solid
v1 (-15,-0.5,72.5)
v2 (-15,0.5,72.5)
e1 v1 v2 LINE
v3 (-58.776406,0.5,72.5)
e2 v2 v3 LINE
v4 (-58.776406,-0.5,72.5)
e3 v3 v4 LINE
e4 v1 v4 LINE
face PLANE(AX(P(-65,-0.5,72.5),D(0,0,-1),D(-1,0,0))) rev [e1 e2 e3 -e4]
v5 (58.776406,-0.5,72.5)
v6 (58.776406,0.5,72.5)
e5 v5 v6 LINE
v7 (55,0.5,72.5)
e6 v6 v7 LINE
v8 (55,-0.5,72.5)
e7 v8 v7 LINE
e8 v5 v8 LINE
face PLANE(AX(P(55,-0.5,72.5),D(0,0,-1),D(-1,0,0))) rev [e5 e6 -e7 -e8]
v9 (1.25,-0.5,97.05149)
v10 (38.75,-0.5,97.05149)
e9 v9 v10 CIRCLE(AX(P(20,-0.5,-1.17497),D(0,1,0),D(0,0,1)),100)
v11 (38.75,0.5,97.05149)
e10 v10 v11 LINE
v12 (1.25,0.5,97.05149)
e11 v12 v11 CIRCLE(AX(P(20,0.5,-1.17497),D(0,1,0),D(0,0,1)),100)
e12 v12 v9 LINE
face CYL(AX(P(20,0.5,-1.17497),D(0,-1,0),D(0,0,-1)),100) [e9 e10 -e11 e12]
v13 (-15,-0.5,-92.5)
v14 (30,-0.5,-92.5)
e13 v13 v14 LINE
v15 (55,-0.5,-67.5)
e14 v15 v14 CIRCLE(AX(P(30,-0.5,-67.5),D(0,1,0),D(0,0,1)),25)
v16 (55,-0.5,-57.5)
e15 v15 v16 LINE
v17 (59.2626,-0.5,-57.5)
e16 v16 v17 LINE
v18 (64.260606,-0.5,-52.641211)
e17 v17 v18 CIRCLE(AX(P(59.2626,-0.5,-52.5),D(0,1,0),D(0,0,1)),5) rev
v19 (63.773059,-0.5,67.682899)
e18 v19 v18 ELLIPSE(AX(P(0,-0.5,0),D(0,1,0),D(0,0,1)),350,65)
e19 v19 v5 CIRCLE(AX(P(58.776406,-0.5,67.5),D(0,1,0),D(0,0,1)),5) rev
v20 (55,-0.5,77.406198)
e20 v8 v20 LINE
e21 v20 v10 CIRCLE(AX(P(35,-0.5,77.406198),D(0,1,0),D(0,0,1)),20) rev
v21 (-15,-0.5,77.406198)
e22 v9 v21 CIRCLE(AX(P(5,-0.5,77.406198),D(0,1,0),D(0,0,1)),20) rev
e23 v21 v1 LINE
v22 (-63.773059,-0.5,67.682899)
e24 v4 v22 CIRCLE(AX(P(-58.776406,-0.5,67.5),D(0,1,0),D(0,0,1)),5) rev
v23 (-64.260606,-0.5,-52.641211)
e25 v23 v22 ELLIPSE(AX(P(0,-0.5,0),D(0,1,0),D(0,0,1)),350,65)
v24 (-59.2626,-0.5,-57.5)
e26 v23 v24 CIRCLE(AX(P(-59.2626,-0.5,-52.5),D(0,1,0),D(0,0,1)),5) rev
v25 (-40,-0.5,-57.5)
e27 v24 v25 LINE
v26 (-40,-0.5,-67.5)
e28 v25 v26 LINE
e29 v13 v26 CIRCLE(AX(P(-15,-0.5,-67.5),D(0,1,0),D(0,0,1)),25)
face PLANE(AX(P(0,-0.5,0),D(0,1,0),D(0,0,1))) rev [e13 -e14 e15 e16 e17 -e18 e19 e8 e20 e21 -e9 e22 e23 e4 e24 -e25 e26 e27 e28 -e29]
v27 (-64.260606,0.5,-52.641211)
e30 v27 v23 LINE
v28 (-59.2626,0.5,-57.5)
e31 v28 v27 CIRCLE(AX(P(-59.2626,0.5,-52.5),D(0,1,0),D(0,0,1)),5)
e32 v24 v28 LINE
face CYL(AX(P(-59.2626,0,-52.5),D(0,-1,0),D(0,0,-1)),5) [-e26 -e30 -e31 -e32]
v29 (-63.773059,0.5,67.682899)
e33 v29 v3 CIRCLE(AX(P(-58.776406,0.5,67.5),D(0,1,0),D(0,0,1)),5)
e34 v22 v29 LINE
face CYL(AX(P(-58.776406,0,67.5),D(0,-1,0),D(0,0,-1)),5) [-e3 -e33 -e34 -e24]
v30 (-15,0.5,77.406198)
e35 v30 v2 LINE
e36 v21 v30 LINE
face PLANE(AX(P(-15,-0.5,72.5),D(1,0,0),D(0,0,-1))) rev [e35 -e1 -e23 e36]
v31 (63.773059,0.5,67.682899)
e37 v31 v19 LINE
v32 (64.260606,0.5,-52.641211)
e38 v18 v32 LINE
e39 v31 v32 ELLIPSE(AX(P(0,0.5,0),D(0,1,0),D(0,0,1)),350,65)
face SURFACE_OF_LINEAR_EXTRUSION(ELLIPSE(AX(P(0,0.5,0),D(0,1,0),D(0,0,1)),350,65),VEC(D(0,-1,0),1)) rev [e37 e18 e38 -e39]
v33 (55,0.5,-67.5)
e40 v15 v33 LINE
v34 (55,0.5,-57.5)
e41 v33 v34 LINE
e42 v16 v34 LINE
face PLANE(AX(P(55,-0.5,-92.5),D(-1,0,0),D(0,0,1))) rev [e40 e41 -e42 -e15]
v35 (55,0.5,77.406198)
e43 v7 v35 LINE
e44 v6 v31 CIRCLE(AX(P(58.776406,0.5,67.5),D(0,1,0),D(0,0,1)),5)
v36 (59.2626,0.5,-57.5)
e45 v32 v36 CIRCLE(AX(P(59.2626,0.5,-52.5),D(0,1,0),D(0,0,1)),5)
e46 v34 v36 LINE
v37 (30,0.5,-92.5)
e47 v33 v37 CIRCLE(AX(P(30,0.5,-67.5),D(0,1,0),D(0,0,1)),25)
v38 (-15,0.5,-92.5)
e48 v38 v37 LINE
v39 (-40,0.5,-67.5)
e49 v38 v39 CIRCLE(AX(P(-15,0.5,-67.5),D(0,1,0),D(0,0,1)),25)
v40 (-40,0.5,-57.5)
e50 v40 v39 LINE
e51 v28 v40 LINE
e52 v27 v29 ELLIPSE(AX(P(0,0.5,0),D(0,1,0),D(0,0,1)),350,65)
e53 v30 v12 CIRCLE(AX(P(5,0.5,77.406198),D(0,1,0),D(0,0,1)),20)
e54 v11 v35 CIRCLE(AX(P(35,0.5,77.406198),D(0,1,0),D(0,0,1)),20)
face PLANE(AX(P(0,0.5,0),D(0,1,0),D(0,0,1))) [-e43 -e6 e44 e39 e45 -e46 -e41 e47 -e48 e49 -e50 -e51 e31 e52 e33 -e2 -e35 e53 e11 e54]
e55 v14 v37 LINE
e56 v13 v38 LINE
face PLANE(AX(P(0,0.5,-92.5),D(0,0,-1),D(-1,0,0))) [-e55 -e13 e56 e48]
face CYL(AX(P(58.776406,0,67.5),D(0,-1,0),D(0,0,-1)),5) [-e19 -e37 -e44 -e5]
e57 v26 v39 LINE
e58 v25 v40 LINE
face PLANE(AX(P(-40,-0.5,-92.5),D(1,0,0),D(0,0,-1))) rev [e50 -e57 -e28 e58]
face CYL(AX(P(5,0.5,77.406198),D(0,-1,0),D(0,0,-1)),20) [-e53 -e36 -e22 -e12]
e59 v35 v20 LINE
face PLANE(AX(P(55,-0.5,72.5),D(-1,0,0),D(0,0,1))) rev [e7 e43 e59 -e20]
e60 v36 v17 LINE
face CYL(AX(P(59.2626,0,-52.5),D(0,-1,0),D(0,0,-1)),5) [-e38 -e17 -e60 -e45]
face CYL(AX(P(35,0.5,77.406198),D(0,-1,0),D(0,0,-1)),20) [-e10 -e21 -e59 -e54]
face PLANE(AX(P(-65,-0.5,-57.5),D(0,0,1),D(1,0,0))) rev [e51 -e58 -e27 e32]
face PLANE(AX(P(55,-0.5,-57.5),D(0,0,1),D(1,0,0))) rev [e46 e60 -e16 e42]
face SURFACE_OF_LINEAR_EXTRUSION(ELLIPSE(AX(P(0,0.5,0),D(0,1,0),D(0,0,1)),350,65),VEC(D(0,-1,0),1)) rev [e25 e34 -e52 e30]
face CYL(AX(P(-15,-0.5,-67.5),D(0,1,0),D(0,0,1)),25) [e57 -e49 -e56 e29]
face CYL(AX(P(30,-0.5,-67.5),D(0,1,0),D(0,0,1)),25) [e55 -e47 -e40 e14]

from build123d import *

# Parameters (mm, degrees)
EXTRUDE_1_DEPTH     = 0.5
SKETCH_3_W          = 25
SKETCH_3_H          = 35
CUT_EXTRUDE_1_DEPTH = 114.058613257
SKETCH_4_W          = 10
SKETCH_4_H          = 35
CUT_EXTRUDE_2_DEPTH = 114.058613257
SKETCH_5_W          = 50
SKETCH_5_H          = 20
CUT_EXTRUDE_3_DEPTH = 114.058613257
SKETCH_6_W          = 10
SKETCH_6_H          = 20
CUT_EXTRUDE_4_DEPTH = 114.058613257
EXTRUDE_2_DEPTH     = 0.5
CUT_EXTRUDE_5_DEPTH = 119.289418767
FILLET_1_R          = 5
FILLET_2_R          = 20


with BuildPart() as part:
    # ｽｹｯﾁ1 → ﾎﾞｽ - 押し出し1 (new, symmetric)
    with BuildSketch(Plane(origin=(0, 0, 0), x_dir=(1, 0, 0), z_dir=(0, 1, 0))):
        with BuildLine():
            Line((62.68888804, 92.5), (-62.68888804, 92.5))
            add(Edge.make_bspline(
                [(-62.68888804, 92.5), (-67.396314277, 0), (-62.68888804, -92.5)],
                knots=[4.444925752, 4.444925752, 4.444925752, 4.979852209, 4.979852209, 4.979852209], degree=2, weights=[1, 0.964444431, 1]))
            Line((-62.68888804, -92.5), (62.68888804, -92.5))
            add(Edge.make_bspline(
                [(62.68888804, -92.5), (67.396314277, 0), (62.68888804, 92.5)],
                knots=[1.303333099, 1.303333099, 1.303333099, 1.838259555, 1.838259555, 1.838259555], degree=2, weights=[1, 0.964444431, 1]))
        make_face()
    extrude(amount=EXTRUDE_1_DEPTH, both=True)

    # ｽｹｯﾁ3 → ｶｯﾄ - 押し出し1 (cut, through all)
    with BuildSketch(Plane(origin=(0, 0.5, 0), x_dir=(1, 0, 0), z_dir=(0, 1, 0))):
        with Locations((-52.5, 75)):
            Rectangle(SKETCH_3_W, SKETCH_3_H)
    extrude(amount=-CUT_EXTRUDE_1_DEPTH, mode=Mode.SUBTRACT)

    # ｽｹｯﾁ4 → ｶｯﾄ - 押し出し2 (cut, through all)
    with BuildSketch(Plane(origin=(0, 0.5, 0), x_dir=(1, 0, 0), z_dir=(0, 1, 0))):
        with Locations((60, 75)):
            Rectangle(SKETCH_4_W, SKETCH_4_H)
    extrude(amount=-CUT_EXTRUDE_2_DEPTH, mode=Mode.SUBTRACT)

    # ｽｹｯﾁ5 → ｶｯﾄ - 押し出し3 (cut, through all)
    with BuildSketch(Plane(origin=(0, 0.5, 0), x_dir=(1, 0, 0), z_dir=(0, 1, 0))):
        with Locations((-40, -82.5)):
            Rectangle(SKETCH_5_W, SKETCH_5_H)
    extrude(amount=-CUT_EXTRUDE_3_DEPTH, mode=Mode.SUBTRACT)

    # ｽｹｯﾁ6 → ｶｯﾄ - 押し出し4 (cut, through all)
    with BuildSketch(Plane(origin=(0, 0.5, 0), x_dir=(1, 0, 0), z_dir=(0, 1, 0))):
        with Locations((60, -82.5)):
            Rectangle(SKETCH_6_W, SKETCH_6_H)
    extrude(amount=-CUT_EXTRUDE_4_DEPTH, mode=Mode.SUBTRACT)

    # ｽｹｯﾁ7 → ﾎﾞｽ - 押し出し2 (add, symmetric)
    with BuildSketch(Plane(origin=(0, 0, 0), x_dir=(1, 0, 0), z_dir=(0, 1, 0))):
        with BuildLine():
            Line((-15, -92.5), (55, -92.5))
            ThreePointArc((55, -92.5), (20, -98.825030024), (-15, -92.5))
        make_face()
    extrude(amount=EXTRUDE_2_DEPTH, both=True)

    # ｽｹｯﾁ8 → ｶｯﾄ - 押し出し5 (cut, through all)
    with BuildSketch(Plane(origin=(0, 0.5, 0), x_dir=(1, 0, 0), z_dir=(0, 1, 0))):
        with BuildLine():
            ThreePointArc((-40, 67.5), (-32.677669545, 85.177669514), (-15.000000044, 92.5))
            Line((-15.000000044, 92.5), (-40, 92.5))
            Line((-40, 92.5), (-40, 67.5))
        make_face()
        with BuildLine():
            Line((55, 67.5), (55, 92.5))
            Line((55, 92.5), (30, 92.5))
            ThreePointArc((30, 92.5), (47.67766953, 85.17766953), (55, 67.5))
        make_face()
    extrude(amount=-CUT_EXTRUDE_5_DEPTH, mode=Mode.SUBTRACT)

    # ﾌｨﾚｯﾄ1
    fillet_1_edges = [part.edges().sort_by_distance(p)[0] for p in [
        (-64.116831739, -0.25, -57.5),
        (-63.590195865, -0.25, 72.5),
        (63.590195865, -0.2499997, 72.5),
        (64.116831739, -0.25, -57.5),
    ]]
    fillet(fillet_1_edges, radius=FILLET_1_R)

    # ﾌｨﾚｯﾄ2
    fillet_2_edges = [part.edges().sort_by_distance(p)[0] for p in [
        (-15, 0, 92.5),
        (55, 0, 92.5),
    ]]
    fillet(fillet_2_edges, radius=FILLET_2_R)


solid = part.part
